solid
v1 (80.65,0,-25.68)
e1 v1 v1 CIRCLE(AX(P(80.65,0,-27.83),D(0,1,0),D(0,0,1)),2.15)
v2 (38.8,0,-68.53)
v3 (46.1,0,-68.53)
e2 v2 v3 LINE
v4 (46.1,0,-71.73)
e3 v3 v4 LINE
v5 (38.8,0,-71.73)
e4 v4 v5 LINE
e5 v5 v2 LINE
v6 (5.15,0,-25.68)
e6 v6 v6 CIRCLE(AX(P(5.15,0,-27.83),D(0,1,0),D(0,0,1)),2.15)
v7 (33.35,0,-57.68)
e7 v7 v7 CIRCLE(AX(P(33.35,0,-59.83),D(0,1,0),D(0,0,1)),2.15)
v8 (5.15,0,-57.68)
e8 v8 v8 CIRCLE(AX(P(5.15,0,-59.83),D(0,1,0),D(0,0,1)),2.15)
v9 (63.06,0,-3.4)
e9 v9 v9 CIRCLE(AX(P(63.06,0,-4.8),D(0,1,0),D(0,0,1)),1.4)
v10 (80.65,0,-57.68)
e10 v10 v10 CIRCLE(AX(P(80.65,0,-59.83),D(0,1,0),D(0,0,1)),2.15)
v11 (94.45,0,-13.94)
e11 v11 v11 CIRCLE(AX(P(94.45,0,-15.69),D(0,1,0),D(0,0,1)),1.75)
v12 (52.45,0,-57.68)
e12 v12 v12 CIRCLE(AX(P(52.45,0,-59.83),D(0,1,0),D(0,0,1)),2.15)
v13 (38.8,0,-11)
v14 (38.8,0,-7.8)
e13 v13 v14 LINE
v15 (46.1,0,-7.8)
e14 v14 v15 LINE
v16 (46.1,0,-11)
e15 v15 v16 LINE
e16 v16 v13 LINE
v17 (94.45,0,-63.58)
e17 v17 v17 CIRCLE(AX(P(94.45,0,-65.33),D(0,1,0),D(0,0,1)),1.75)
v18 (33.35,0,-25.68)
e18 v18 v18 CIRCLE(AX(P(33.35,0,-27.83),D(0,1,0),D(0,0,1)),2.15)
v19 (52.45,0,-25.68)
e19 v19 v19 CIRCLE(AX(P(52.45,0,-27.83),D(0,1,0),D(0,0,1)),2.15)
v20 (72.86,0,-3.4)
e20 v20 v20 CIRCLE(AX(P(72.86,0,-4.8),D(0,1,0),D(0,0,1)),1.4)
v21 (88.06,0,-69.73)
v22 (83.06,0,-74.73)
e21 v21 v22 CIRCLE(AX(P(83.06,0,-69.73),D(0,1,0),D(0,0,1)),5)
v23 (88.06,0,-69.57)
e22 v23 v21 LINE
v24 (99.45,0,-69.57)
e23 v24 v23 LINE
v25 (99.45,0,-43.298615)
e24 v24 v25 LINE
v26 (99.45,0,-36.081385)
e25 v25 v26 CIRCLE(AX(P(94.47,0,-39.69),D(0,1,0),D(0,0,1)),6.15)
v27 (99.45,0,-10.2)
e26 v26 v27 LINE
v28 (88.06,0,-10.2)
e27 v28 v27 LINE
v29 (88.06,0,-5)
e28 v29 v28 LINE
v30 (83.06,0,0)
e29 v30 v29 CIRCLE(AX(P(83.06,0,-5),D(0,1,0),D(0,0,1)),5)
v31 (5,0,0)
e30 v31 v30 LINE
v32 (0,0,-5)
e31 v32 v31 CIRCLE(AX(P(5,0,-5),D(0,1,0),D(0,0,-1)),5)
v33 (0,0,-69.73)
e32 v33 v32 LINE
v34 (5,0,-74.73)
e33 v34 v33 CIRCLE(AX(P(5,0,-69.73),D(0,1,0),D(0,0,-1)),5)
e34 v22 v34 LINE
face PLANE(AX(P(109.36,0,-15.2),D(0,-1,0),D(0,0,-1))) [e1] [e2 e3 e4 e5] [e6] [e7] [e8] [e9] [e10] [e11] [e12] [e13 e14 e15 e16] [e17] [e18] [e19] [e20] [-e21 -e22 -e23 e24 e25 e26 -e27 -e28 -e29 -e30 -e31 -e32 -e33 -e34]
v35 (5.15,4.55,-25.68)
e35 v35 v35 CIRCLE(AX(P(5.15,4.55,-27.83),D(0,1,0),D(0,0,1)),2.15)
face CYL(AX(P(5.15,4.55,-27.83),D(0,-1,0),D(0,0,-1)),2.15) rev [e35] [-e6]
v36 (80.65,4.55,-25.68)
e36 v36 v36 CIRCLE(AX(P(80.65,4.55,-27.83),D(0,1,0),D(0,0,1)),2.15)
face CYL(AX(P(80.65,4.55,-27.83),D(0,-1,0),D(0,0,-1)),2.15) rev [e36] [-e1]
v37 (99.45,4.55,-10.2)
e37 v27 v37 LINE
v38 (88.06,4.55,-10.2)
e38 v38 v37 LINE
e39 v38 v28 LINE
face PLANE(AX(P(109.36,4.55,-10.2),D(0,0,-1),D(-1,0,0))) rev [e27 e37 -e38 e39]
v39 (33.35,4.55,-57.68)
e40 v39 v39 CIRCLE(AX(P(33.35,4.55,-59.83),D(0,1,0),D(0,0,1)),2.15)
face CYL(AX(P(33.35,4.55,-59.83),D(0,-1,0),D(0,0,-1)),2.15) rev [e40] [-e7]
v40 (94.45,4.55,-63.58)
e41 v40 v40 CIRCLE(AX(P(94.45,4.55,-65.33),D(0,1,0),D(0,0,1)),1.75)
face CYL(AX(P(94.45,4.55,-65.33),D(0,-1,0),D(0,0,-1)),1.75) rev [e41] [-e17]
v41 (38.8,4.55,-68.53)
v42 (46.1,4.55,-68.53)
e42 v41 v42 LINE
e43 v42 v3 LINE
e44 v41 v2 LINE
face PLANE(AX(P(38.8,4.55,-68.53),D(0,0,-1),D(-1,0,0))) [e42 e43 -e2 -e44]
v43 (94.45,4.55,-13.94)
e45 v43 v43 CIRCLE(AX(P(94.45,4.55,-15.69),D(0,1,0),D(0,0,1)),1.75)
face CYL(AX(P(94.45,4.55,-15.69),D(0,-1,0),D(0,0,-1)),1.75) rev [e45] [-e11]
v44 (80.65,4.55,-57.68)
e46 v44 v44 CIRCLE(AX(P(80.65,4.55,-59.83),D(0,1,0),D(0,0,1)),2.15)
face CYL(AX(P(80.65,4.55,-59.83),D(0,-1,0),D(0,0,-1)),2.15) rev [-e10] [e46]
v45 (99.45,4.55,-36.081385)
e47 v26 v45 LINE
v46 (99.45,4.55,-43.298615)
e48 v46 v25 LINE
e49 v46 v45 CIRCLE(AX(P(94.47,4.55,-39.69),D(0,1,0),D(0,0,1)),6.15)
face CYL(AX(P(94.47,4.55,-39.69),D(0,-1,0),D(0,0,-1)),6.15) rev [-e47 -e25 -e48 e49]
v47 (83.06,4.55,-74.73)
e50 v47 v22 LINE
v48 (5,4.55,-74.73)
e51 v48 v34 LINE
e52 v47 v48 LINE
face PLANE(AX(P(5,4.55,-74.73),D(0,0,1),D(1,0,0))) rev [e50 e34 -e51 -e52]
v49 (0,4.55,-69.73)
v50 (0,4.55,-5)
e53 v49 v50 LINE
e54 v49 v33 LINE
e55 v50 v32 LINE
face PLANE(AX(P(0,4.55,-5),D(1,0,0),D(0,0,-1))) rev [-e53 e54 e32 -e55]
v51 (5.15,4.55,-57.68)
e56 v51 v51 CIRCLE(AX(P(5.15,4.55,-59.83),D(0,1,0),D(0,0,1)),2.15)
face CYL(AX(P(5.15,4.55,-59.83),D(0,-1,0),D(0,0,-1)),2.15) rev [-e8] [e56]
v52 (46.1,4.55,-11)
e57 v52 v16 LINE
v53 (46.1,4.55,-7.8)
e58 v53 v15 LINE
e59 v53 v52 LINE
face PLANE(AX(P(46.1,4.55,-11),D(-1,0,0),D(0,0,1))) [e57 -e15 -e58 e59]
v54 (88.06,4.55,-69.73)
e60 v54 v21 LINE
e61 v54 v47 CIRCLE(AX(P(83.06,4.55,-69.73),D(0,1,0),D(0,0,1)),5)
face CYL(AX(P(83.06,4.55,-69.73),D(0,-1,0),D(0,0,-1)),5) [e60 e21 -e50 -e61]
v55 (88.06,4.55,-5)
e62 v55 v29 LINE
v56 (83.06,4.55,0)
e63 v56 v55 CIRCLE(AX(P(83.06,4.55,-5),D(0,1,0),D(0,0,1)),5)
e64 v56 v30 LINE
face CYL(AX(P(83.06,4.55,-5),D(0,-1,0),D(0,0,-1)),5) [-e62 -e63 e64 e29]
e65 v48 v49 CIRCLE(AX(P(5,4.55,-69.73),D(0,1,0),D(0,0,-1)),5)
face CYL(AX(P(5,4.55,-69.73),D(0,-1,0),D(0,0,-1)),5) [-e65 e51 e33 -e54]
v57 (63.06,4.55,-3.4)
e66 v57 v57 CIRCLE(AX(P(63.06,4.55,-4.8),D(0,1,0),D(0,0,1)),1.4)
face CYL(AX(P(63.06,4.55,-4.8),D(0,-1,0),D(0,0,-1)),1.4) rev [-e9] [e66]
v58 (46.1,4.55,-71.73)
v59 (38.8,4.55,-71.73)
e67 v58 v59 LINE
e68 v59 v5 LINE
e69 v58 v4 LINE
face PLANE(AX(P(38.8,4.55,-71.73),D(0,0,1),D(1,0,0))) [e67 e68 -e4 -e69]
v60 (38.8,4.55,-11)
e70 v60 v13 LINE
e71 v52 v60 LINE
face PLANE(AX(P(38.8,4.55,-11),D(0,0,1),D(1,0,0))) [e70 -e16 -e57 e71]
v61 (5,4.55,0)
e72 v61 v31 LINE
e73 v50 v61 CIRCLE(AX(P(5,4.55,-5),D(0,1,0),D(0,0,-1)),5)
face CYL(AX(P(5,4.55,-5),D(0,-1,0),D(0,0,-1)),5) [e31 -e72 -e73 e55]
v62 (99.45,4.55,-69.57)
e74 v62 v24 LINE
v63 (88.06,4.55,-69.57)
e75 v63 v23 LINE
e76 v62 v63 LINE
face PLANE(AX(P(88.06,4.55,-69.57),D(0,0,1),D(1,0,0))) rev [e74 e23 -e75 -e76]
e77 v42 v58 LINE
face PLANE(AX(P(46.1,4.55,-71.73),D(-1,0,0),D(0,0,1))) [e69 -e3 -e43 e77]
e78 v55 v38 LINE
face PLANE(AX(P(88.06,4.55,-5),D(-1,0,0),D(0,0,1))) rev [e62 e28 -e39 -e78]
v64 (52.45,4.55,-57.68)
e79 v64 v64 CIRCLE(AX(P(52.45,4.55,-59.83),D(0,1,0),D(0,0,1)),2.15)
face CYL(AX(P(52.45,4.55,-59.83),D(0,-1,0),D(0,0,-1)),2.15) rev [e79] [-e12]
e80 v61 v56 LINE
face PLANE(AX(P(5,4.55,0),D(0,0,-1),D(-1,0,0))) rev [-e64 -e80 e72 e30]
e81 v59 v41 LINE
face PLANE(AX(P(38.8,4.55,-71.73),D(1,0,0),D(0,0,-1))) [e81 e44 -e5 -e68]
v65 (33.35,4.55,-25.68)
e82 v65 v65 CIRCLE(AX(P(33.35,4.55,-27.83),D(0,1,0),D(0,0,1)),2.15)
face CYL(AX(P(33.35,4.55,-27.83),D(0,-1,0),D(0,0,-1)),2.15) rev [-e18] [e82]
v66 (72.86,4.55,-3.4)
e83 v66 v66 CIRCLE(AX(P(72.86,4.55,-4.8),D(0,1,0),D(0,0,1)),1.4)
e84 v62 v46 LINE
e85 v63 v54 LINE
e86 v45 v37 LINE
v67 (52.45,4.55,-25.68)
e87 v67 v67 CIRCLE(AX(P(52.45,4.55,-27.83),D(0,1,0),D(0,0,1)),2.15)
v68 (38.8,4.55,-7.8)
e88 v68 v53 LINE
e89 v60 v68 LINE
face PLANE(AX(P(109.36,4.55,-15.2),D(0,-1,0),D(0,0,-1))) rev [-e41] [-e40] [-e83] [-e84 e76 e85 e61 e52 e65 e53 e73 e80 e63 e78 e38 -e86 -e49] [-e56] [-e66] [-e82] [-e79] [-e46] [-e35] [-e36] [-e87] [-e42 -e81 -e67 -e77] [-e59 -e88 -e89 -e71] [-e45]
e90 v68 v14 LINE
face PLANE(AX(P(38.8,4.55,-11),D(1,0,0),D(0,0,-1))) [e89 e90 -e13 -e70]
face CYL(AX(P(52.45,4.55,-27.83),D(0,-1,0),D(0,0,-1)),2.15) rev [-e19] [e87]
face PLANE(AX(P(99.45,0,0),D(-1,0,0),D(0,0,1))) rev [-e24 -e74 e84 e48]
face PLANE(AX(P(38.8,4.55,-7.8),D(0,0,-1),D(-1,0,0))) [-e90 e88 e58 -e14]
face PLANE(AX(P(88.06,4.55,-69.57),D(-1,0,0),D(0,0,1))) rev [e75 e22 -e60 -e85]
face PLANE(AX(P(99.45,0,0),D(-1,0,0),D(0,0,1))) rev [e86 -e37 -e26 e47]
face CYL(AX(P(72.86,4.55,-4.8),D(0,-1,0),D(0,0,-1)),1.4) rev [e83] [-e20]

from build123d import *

# Parameters (mm, degrees)
SKETCH1_R           = 2.15
SKETCH1_R_2         = 6.15
SKETCH1_R_3         = 1.75
SKETCH1_R_4         = 1.4
SKETCH1_W           = 7.3
SKETCH1_H           = 3.2
BOSS_EXTRUDE1_DEPTH = 4.55
SKETCH2_W           = 30.597245163
SKETCH2_H           = 76.240319195
CUT_EXTRUDE1_DEPTH  = 5.55


with BuildPart() as part:
    # Sketch1 → Boss-Extrude1 (new body)
    with BuildSketch(Plane(origin=(0, 0, 0), x_dir=(1, 0, 0), z_dir=(0, 1, 0))):
        with BuildLine():
            Line((5, 0), (83.06, 0))
            ThreePointArc((83.06, 0), (86.595533906, 1.464466094), (88.06, 5))
            Line((88.06, 5), (88.06, 10.2))
            Line((88.06, 10.2), (109.36, 10.2))
            ThreePointArc((109.36, 10.2), (112.895533906, 11.664466094), (114.36, 15.2))
            Line((114.36, 15.2), (114.36, 64.57))
            ThreePointArc((114.36, 64.57), (112.895533906, 68.105533906), (109.36, 69.57))
            Line((109.36, 69.57), (88.06, 69.57))
            Line((88.06, 69.57), (88.06, 69.73))
            ThreePointArc((88.06, 69.73), (86.595533906, 73.265533906), (83.06, 74.73))
            Line((83.06, 74.73), (5, 74.73))
            ThreePointArc((5, 74.73), (1.464466094, 73.265533906), (0, 69.73))
            Line((0, 69.73), (0, 5))
            ThreePointArc((0, 5), (1.464466094, 1.464466094), (5, 0))
        make_face()
        with Locations((5.15, 59.83)):
            Circle(SKETCH1_R, mode=Mode.SUBTRACT)
        with Locations((33.35, 59.83)):
            Circle(SKETCH1_R, mode=Mode.SUBTRACT)
        with Locations((52.45, 59.83)):
            Circle(SKETCH1_R, mode=Mode.SUBTRACT)
        with Locations((80.65, 59.83)):
            Circle(SKETCH1_R, mode=Mode.SUBTRACT)
        with Locations((5.15, 27.83)):
            Circle(SKETCH1_R, mode=Mode.SUBTRACT)
        with Locations((33.35, 27.83)):
            Circle(SKETCH1_R, mode=Mode.SUBTRACT)
        with Locations((52.45, 27.83)):
            Circle(SKETCH1_R, mode=Mode.SUBTRACT)
        with Locations((80.65, 27.83)):
            Circle(SKETCH1_R, mode=Mode.SUBTRACT)
        with Locations((94.47, 39.69)):
            Circle(SKETCH1_R_2, mode=Mode.SUBTRACT)
        with Locations((94.45, 65.33)):
            Circle(SKETCH1_R_3, mode=Mode.SUBTRACT)
        with Locations((94.45, 15.69)):
            Circle(SKETCH1_R_3, mode=Mode.SUBTRACT)
        with Locations((63.06, 4.8)):
            Circle(SKETCH1_R_4, mode=Mode.SUBTRACT)
        with Locations((72.86, 4.8)):
            Circle(SKETCH1_R_4, mode=Mode.SUBTRACT)
        with Locations((42.45, 70.13)):
            Rectangle(SKETCH1_W, SKETCH1_H, mode=Mode.SUBTRACT)
        with Locations((42.45, 9.4)):
            Rectangle(SKETCH1_W, SKETCH1_H, mode=Mode.SUBTRACT)
    extrude(amount=BOSS_EXTRUDE1_DEPTH)

    # Sketch2 → Cut-Extrude1 (cut, through all)
    with BuildSketch(Plane(origin=(0, 4.55, 0), x_dir=(1, 0, 0), z_dir=(0, 1, 0))):
        with Locations((114.748622582, 38.120159597)):
            Rectangle(SKETCH2_W, SKETCH2_H)
    extrude(amount=-CUT_EXTRUDE1_DEPTH, mode=Mode.SUBTRACT)


solid = part.part
